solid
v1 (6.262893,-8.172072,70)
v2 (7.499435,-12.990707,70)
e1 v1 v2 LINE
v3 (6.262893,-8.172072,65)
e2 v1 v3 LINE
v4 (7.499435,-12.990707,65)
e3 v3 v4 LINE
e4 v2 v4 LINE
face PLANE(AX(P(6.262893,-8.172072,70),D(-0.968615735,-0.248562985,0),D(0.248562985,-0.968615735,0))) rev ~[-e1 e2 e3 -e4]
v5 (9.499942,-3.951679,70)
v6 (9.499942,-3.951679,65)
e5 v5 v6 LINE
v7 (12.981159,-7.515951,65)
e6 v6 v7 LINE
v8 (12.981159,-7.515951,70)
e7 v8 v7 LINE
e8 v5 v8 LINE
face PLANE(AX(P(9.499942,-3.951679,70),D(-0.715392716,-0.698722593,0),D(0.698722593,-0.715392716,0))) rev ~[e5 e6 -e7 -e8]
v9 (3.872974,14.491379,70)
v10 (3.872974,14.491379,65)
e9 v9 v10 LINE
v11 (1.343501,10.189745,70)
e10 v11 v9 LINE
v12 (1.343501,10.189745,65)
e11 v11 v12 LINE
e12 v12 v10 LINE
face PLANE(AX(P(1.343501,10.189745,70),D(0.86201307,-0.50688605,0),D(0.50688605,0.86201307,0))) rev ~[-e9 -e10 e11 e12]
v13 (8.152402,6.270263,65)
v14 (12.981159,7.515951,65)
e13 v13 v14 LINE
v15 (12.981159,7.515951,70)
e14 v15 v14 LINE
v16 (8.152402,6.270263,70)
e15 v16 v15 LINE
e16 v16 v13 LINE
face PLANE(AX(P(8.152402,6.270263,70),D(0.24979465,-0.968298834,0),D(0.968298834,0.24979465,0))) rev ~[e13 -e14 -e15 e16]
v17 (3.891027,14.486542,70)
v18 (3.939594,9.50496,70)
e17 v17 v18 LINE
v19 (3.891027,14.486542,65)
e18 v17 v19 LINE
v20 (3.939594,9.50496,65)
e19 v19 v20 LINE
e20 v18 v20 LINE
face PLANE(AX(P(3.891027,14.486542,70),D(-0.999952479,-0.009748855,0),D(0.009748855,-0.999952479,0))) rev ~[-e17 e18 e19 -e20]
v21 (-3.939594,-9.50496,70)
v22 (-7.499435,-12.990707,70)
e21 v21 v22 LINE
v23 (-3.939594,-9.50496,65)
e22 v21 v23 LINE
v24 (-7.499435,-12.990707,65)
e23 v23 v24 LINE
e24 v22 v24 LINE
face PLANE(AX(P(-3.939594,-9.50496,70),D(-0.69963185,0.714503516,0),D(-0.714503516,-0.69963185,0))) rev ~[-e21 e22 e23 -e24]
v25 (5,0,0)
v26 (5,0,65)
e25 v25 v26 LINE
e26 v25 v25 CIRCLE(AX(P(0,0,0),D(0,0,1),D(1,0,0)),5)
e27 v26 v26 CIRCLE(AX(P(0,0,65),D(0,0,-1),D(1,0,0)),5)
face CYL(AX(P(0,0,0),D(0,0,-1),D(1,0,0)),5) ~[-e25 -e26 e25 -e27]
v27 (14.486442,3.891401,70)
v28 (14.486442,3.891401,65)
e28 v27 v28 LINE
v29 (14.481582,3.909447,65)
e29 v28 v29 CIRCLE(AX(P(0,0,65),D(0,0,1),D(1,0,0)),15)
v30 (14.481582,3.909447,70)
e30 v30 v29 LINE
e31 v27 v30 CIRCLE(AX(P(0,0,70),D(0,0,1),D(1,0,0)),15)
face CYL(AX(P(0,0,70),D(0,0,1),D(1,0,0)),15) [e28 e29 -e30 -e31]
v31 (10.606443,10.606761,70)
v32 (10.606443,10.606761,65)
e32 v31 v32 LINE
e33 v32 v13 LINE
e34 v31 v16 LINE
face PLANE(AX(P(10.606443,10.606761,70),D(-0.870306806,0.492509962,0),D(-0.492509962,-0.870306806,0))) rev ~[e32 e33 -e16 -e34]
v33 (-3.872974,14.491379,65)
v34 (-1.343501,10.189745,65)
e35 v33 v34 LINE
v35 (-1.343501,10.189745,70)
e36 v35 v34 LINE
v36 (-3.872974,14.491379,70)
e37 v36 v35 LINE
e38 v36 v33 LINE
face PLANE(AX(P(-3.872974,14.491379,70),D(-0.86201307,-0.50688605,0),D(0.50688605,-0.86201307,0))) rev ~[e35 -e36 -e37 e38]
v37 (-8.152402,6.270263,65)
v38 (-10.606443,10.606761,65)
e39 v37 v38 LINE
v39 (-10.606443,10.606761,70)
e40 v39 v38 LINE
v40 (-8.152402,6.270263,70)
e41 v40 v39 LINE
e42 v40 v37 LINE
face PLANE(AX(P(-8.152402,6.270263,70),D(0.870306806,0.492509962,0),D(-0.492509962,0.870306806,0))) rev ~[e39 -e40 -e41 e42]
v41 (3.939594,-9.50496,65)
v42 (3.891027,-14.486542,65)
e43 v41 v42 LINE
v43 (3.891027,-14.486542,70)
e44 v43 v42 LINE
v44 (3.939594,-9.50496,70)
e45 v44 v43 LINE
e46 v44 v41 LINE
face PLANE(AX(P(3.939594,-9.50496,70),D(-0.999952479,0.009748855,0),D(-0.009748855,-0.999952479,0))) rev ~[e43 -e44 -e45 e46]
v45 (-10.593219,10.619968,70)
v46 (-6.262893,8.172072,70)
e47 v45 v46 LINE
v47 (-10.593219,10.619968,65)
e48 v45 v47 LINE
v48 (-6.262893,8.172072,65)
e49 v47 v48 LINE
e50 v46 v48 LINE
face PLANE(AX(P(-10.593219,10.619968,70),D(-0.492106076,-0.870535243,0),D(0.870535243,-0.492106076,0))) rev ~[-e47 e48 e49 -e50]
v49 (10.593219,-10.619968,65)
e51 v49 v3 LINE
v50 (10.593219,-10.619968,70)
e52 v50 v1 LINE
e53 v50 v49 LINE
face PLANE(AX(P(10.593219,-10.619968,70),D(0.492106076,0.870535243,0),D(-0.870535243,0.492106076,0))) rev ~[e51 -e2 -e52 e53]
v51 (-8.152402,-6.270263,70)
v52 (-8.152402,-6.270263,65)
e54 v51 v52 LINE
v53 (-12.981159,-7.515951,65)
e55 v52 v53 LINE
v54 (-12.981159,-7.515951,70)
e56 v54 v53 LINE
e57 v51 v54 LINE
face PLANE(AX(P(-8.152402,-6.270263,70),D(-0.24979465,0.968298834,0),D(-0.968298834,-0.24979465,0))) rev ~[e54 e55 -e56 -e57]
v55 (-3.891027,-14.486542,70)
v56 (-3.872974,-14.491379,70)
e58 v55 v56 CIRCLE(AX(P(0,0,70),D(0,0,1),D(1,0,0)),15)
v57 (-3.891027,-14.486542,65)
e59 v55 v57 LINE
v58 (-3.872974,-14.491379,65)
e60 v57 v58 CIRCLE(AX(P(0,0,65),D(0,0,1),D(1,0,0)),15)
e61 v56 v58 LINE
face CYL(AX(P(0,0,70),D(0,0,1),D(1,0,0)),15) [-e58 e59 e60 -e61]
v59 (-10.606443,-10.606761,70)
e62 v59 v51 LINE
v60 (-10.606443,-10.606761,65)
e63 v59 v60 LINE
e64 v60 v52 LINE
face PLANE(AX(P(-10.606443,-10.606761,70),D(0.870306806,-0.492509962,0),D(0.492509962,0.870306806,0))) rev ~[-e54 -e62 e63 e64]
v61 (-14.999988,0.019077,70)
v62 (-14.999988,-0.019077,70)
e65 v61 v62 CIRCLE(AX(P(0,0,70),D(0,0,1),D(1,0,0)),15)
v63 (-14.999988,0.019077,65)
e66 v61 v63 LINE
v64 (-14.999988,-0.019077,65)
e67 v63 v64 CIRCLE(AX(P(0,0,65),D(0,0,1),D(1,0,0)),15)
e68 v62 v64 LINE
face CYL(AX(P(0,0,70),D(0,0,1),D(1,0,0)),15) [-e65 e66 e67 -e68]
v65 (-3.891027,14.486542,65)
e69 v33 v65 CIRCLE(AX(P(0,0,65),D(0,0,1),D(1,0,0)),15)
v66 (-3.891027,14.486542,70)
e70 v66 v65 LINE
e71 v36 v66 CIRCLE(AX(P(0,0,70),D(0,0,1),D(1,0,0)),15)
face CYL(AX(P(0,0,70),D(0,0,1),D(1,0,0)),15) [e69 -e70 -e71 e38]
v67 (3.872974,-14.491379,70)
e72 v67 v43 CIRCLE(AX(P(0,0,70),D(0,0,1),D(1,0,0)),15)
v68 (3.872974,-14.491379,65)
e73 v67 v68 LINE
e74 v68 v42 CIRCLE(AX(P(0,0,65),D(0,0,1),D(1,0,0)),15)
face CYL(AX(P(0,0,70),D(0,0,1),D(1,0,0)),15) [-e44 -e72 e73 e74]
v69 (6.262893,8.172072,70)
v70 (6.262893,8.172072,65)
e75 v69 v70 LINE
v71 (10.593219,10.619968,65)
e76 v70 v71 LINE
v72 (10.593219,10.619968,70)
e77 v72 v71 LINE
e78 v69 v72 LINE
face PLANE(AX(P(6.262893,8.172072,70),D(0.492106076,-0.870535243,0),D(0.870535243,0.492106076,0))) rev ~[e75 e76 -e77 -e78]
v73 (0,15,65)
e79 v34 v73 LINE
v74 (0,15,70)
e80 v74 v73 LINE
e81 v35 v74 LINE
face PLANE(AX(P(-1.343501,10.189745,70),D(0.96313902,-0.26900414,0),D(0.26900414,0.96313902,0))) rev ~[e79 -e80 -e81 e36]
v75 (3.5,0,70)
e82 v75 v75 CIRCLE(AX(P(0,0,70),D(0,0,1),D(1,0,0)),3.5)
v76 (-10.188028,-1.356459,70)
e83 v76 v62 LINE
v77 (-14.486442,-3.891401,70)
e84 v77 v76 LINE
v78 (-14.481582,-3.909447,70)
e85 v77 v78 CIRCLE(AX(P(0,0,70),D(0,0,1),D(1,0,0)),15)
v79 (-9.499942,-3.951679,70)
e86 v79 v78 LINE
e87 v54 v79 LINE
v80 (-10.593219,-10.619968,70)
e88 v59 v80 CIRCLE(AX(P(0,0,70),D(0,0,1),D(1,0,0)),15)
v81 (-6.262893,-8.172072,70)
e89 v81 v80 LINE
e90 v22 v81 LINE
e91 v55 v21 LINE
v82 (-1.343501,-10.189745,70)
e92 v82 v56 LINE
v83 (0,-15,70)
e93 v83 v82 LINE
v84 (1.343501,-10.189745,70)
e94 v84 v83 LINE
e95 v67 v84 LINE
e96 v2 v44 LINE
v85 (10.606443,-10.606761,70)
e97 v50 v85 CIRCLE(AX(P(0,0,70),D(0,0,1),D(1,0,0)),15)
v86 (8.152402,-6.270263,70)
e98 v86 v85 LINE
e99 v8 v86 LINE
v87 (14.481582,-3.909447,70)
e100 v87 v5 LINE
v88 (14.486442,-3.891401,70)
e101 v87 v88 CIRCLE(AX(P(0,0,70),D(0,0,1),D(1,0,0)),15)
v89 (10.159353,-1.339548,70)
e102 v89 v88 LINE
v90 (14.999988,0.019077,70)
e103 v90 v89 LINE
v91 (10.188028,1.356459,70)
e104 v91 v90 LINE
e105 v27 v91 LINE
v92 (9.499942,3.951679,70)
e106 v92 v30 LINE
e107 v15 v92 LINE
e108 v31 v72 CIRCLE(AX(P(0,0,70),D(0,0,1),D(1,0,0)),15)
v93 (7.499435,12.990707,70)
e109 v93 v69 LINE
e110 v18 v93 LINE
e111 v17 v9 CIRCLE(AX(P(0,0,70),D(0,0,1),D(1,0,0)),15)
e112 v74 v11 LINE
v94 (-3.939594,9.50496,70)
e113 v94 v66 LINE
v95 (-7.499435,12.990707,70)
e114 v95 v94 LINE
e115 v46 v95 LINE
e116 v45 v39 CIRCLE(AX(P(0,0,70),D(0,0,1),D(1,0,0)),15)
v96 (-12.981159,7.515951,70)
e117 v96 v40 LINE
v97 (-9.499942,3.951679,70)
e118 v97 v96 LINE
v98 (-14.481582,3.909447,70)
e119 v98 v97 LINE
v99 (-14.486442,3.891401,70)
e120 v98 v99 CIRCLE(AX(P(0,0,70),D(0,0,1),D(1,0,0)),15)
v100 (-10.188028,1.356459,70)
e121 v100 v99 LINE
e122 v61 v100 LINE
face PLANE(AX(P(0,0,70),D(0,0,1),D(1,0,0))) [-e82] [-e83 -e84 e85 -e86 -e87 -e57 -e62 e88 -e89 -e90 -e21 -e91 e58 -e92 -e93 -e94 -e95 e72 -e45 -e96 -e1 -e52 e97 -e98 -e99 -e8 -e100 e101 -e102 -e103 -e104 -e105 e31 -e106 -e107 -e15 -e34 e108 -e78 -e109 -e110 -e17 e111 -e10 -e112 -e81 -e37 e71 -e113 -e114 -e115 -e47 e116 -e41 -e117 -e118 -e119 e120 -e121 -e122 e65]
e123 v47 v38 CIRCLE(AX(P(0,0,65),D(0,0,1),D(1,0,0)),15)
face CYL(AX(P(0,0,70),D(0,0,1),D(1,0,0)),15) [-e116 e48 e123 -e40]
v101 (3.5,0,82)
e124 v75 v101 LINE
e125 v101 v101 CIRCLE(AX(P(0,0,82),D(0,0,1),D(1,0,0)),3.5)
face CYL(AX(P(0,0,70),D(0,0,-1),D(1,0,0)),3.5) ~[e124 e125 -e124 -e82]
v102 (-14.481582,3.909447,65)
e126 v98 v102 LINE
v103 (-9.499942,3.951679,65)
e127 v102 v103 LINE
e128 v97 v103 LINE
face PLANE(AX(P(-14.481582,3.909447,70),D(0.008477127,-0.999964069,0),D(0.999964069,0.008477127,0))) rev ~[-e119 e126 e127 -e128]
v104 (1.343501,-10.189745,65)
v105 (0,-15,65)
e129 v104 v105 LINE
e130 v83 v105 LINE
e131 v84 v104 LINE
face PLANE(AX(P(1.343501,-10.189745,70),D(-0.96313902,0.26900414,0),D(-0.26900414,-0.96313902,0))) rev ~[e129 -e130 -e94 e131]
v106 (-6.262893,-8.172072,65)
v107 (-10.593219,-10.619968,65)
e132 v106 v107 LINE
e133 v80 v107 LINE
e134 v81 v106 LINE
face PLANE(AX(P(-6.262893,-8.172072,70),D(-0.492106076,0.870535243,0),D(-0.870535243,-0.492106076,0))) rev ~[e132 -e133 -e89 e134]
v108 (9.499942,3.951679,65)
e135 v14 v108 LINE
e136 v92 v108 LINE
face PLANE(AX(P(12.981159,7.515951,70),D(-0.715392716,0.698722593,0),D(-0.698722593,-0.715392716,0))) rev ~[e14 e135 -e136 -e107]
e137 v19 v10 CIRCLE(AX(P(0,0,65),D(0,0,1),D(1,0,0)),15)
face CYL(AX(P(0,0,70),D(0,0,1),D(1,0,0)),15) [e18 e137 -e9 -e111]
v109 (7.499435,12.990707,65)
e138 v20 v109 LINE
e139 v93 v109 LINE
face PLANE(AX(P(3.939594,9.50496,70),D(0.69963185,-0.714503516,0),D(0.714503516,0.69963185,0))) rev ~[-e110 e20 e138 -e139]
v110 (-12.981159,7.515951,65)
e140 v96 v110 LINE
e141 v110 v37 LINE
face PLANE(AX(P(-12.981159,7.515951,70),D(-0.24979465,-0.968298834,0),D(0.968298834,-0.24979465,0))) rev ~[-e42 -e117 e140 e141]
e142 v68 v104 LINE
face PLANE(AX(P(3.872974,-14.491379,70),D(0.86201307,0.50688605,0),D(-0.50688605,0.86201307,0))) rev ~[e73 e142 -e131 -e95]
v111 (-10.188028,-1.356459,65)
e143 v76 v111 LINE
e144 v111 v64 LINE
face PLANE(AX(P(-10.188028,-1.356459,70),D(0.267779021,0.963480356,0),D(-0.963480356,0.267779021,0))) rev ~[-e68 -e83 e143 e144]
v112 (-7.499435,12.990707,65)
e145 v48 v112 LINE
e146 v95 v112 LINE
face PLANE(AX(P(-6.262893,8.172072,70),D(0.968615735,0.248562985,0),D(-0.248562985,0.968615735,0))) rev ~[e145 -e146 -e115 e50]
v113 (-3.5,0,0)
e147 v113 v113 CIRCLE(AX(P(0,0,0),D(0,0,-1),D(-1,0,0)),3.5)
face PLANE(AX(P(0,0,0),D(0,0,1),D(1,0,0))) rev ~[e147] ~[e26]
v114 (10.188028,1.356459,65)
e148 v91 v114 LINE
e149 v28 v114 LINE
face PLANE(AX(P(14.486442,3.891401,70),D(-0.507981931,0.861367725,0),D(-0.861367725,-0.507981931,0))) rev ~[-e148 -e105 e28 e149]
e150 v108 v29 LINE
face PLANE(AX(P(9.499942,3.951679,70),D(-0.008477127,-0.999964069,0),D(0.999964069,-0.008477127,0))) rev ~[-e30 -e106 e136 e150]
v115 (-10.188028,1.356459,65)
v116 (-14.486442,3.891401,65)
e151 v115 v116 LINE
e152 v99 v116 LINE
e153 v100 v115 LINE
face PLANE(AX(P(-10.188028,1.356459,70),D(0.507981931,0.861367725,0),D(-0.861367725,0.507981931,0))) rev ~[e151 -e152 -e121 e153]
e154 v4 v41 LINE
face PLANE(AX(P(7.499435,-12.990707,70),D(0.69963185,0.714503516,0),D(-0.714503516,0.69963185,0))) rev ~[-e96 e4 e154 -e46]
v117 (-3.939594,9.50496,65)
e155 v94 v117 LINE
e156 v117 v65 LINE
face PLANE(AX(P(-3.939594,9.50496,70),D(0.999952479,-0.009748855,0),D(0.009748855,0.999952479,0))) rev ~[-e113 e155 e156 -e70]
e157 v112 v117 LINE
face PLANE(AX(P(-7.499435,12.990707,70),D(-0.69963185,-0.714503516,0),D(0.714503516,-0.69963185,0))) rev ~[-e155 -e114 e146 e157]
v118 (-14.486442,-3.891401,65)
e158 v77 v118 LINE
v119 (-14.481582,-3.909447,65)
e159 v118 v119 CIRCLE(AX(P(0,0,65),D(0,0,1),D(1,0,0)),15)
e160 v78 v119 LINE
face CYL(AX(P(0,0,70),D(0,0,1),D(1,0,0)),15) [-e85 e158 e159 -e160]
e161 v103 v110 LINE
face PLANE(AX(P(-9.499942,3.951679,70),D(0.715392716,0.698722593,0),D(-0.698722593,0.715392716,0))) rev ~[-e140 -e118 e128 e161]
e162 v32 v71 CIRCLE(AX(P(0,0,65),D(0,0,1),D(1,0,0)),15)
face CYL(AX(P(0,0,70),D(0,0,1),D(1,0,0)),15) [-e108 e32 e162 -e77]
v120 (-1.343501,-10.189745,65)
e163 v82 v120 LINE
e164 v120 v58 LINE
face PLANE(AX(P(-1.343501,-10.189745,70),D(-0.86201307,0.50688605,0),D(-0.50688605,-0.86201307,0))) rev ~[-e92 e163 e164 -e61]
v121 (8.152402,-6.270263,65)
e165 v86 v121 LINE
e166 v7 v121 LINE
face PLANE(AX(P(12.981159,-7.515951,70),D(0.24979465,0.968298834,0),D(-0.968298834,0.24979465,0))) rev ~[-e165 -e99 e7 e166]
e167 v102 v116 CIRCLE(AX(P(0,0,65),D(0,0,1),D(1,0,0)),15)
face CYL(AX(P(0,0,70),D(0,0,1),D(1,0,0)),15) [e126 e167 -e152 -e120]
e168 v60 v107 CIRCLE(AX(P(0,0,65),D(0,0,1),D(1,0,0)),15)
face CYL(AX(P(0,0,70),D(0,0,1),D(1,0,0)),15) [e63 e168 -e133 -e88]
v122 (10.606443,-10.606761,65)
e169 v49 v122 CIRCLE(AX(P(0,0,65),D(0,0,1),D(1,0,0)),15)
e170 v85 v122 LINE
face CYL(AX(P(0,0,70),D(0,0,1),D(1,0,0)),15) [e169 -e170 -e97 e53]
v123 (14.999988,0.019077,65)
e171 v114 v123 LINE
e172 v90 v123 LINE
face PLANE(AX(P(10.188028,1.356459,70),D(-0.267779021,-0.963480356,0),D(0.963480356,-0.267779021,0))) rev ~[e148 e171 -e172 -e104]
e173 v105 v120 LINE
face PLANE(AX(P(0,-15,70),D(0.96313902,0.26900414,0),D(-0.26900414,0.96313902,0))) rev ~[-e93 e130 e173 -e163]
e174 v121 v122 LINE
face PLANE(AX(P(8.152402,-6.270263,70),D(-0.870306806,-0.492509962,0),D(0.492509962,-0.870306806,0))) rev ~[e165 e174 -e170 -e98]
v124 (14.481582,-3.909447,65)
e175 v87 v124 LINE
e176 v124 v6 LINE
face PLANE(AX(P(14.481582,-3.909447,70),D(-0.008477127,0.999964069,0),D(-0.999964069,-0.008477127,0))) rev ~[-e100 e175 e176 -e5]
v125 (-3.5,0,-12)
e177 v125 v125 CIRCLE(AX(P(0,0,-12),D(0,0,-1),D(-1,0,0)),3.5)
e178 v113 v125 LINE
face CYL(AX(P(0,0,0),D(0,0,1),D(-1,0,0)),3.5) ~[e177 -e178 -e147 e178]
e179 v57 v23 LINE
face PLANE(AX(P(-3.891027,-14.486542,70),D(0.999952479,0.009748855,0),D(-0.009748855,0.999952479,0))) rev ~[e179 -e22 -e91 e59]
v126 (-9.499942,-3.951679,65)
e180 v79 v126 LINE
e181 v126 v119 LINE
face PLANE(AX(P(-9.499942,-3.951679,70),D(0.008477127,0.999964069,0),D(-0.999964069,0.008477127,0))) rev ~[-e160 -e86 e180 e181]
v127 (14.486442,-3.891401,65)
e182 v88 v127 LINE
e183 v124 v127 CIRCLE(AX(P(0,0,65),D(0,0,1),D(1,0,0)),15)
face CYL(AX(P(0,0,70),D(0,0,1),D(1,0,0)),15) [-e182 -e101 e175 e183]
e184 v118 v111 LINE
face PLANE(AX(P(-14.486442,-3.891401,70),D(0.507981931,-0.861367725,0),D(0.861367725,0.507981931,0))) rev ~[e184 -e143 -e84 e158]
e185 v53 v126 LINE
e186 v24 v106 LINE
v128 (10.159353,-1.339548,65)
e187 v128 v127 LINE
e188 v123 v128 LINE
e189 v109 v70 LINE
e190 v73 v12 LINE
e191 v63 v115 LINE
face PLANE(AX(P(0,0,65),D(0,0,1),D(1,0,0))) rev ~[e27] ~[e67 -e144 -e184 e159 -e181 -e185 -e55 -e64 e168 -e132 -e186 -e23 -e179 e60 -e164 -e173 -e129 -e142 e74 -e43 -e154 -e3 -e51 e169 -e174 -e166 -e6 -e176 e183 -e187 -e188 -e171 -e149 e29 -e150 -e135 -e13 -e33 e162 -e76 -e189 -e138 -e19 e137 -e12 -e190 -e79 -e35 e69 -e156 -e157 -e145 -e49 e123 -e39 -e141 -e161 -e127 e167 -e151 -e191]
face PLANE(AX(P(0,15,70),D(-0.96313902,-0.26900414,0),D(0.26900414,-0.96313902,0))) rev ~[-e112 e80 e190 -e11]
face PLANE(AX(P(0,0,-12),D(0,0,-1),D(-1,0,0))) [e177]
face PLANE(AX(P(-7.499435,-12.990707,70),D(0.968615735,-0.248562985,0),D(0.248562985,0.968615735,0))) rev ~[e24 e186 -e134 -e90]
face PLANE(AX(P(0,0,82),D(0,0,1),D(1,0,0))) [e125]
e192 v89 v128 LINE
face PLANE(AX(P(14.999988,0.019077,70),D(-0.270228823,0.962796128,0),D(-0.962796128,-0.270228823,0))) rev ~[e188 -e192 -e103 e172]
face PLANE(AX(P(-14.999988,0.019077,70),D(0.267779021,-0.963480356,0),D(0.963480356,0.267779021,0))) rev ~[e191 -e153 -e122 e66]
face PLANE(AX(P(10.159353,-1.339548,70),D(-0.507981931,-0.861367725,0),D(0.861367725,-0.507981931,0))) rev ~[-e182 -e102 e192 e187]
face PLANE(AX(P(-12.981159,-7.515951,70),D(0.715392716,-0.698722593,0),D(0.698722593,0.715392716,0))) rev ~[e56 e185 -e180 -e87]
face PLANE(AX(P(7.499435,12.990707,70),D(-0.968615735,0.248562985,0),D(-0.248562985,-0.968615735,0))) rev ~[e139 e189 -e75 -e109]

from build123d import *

# Parameters (mm, degrees)
ESQUISSE1_R             = 5
BOSS_EXTRU_2_DEPTH      = 70
ESQUISSE2_R             = 3.5
BOSS_EXTRU_3_DEPTH      = 12
ESQUISSE4_R             = 15
BOSS_EXTRU_5_DEPTH      = 5
ESQUISSE5_R             = 3.5
BOSS_EXTRU_6_DEPTH      = 12
ENL_V_MAT_EXTRU_1_DEPTH = 12


with BuildPart() as part:
    # Esquisse1 → Boss.-Extru.2 (new body)
    with BuildSketch(Plane.XY):
        Circle(ESQUISSE1_R)
    extrude(amount=BOSS_EXTRU_2_DEPTH)

    # Esquisse2 → Boss.-Extru.3 (add)
    with BuildSketch(Plane(origin=(0, 0, 0), x_dir=(-1, 0, 0), z_dir=(0, 0, -1))):
        Circle(ESQUISSE2_R)
    extrude(amount=BOSS_EXTRU_3_DEPTH)

    # Esquisse4 → Boss.-Extru.5 (add)
    with BuildSketch(Plane.XY.offset(70)):
        Circle(ESQUISSE4_R)
    extrude(amount=-BOSS_EXTRU_5_DEPTH)

    # Esquisse5 → Boss.-Extru.6 (add)
    with BuildSketch(Plane.XY.offset(70)):
        Circle(ESQUISSE5_R)
    extrude(amount=BOSS_EXTRU_6_DEPTH)

    # Esquisse6 → Enlèv. mat.-Extru.1 (cut)
    with BuildSketch(Plane.XY.offset(70)):
        with BuildLine():
            Line((-6.262893089, 8.172072336), (-7.499435292, 12.990707074))
            ThreePointArc((-7.499435292, 12.990707074), (-9.123657799, 11.90625333), (-10.593218546, 10.619968024))
            Line((-10.593218546, 10.619968024), (-6.262893089, 8.172072336))
        make_face()
        with BuildLine():
            Line((-8.152402023, 6.270263162), (-10.606442664, 10.606760769))
            ThreePointArc((-10.606442664, 10.606760769), (-11.894621233, 9.138817524), (-12.981158937, 7.515950549))
            Line((-12.981158937, 7.515950549), (-8.152402023, 6.270263162))
        make_face()
        with BuildLine():
            Line((-9.499942261, 3.951679007), (-12.981158937, 7.515950549))
            ThreePointArc((-12.981158937, 7.515950549), (-13.849269023, 5.761748652), (-14.481582106, 3.909447494))
            Line((-14.481582106, 3.909447494), (-9.499942261, 3.951679007))
        make_face()
        with BuildLine():
            Line((-10.188028074, 1.356459322), (-14.486441985, 3.891400598))
            ThreePointArc((-14.486441985, 3.891400598), (-14.869805294, 1.972027008), (-14.999987869, 0.0190767))
            Line((-14.999987869, 0.0190767), (-10.188028074, 1.356459322))
        make_face()
        with BuildLine():
            ThreePointArc((-14.999987869, -0.0190767), (-14.869805294, -1.972027008), (-14.486441985, -3.891400598))
            Line((-14.486441985, -3.891400598), (-10.188028074, -1.356459322))
            Line((-10.188028074, -1.356459322), (-14.999987869, -0.0190767))
        make_face()
        with BuildLine():
            Line((-9.499942261, -3.951679007), (-14.481582106, -3.909447494))
            ThreePointArc((-14.481582106, -3.909447494), (-13.849269023, -5.761748652), (-12.981158937, -7.515950549))
            Line((-12.981158937, -7.515950549), (-9.499942261, -3.951679007))
        make_face()
        with BuildLine():
            Line((-8.152402023, -6.270263162), (-12.981158937, -7.515950549))
            ThreePointArc((-12.981158937, -7.515950549), (-11.894621233, -9.138817524), (-10.606442664, -10.606760769))
            Line((-10.606442664, -10.606760769), (-8.152402023, -6.270263162))
        make_face()
        with BuildLine():
            Line((-6.262893089, -8.172072336), (-10.593218546, -10.619968024))
            ThreePointArc((-10.593218546, -10.619968024), (-9.123657799, -11.90625333), (-7.499435292, -12.990707074))
            Line((-7.499435292, -12.990707074), (-6.262893089, -8.172072336))
        make_face()
        with BuildLine():
            Line((-3.939593974, -9.504960245), (-7.499435292, -12.990707074))
            ThreePointArc((-7.499435292, -12.990707074), (-5.744130769, -13.8565855), (-3.891026946, -14.486542352))
            Line((-3.891026946, -14.486542352), (-3.939593974, -9.504960245))
        make_face()
        with BuildLine():
            Line((-1.343501295, -10.189744953), (-3.872973884, -14.491379275))
            ThreePointArc((-3.872973884, -14.491379275), (-1.953114292, -14.872301253), (0, -15))
            Line((0, -15), (-1.343501295, -10.189744953))
        make_face()
        with BuildLine():
            ThreePointArc((0, -15), (1.953114292, -14.872301253), (3.872973884, -14.491379275))
            Line((3.872973884, -14.491379275), (1.343501295, -10.189744953))
            Line((1.343501295, -10.189744953), (0, -15))
        make_face()
        with BuildLine():
            ThreePointArc((3.891026946, -14.486542352), (5.744130769, -13.8565855), (7.499435292, -12.990707074))
            Line((7.499435292, -12.990707074), (3.939593974, -9.504960245))
            Line((3.939593974, -9.504960245), (3.891026946, -14.486542352))
        make_face()
        with BuildLine():
            ThreePointArc((7.499435292, -12.990707074), (9.123657799, -11.90625333), (10.593218546, -10.619968024))
            Line((10.593218546, -10.619968024), (6.262893089, -8.172072336))
            Line((6.262893089, -8.172072336), (7.499435292, -12.990707074))
        make_face()
        with BuildLine():
            ThreePointArc((10.606442664, -10.606760769), (11.894621233, -9.138817524), (12.981158937, -7.515950549))
            Line((12.981158937, -7.515950549), (8.152402023, -6.270263162))
            Line((8.152402023, -6.270263162), (10.606442664, -10.606760769))
        make_face()
        with BuildLine():
            ThreePointArc((12.981158937, -7.515950549), (13.849269023, -5.761748652), (14.481582106, -3.909447494))
            Line((14.481582106, -3.909447494), (9.499942261, -3.951679007))
            Line((9.499942261, -3.951679007), (12.981158937, -7.515950549))
        make_face()
        with BuildLine():
            ThreePointArc((15, 0), (14.999996967, 0.009538352), (14.999987869, 0.0190767))
            Line((14.999987869, 0.0190767), (10.159352957, -1.339548494))
            Line((10.159352957, -1.339548494), (14.486441985, -3.891400598))
            ThreePointArc((14.486441985, -3.891400598), (14.87105628, -1.962571047), (15, 0))
        make_face()
        with BuildLine():
            ThreePointArc((14.999987869, 0.0190767), (14.869805294, 1.972027008), (14.486441985, 3.891400598))
            Line((14.486441985, 3.891400598), (10.188028074, 1.356459322))
            Line((10.188028074, 1.356459322), (14.999987869, 0.0190767))
        make_face()
        with BuildLine():
            ThreePointArc((14.481582106, 3.909447494), (13.849269023, 5.761748652), (12.981158937, 7.515950549))
            Line((12.981158937, 7.515950549), (9.499942261, 3.951679007))
            Line((9.499942261, 3.951679007), (14.481582106, 3.909447494))
        make_face()
        with BuildLine():
            ThreePointArc((12.981158937, 7.515950549), (11.894621233, 9.138817524), (10.606442664, 10.606760769))
            Line((10.606442664, 10.606760769), (8.152402023, 6.270263162))
            Line((8.152402023, 6.270263162), (12.981158937, 7.515950549))
        make_face()
        with BuildLine():
            ThreePointArc((10.593218546, 10.619968024), (9.123657799, 11.90625333), (7.499435292, 12.990707074))
            Line((7.499435292, 12.990707074), (6.262893089, 8.172072336))
            Line((6.262893089, 8.172072336), (10.593218546, 10.619968024))
        make_face()
        with BuildLine():
            ThreePointArc((7.499435292, 12.990707074), (5.744130769, 13.8565855), (3.891026946, 14.486542352))
            Line((3.891026946, 14.486542352), (3.939593974, 9.504960245))
            Line((3.939593974, 9.504960245), (7.499435292, 12.990707074))
        make_face()
        with BuildLine():
            ThreePointArc((3.872973884, 14.491379275), (1.953114292, 14.872301253), (0, 15))
            Line((0, 15), (1.343501295, 10.189744953))
            Line((1.343501295, 10.189744953), (3.872973884, 14.491379275))
        make_face()
        with BuildLine():
            Line((-1.343501295, 10.189744953), (0, 15))
            ThreePointArc((0, 15), (-1.953114292, 14.872301253), (-3.872973884, 14.491379275))
            Line((-3.872973884, 14.491379275), (-1.343501295, 10.189744953))
        make_face()
        with BuildLine():
            Line((-3.939593974, 9.504960245), (-3.891026946, 14.486542352))
            ThreePointArc((-3.891026946, 14.486542352), (-5.744130769, 13.8565855), (-7.499435292, 12.990707074))
            Line((-7.499435292, 12.990707074), (-3.939593974, 9.504960245))
        make_face()
    extrude(amount=-ENL_V_MAT_EXTRU_1_DEPTH, mode=Mode.SUBTRACT)


solid = part.part
